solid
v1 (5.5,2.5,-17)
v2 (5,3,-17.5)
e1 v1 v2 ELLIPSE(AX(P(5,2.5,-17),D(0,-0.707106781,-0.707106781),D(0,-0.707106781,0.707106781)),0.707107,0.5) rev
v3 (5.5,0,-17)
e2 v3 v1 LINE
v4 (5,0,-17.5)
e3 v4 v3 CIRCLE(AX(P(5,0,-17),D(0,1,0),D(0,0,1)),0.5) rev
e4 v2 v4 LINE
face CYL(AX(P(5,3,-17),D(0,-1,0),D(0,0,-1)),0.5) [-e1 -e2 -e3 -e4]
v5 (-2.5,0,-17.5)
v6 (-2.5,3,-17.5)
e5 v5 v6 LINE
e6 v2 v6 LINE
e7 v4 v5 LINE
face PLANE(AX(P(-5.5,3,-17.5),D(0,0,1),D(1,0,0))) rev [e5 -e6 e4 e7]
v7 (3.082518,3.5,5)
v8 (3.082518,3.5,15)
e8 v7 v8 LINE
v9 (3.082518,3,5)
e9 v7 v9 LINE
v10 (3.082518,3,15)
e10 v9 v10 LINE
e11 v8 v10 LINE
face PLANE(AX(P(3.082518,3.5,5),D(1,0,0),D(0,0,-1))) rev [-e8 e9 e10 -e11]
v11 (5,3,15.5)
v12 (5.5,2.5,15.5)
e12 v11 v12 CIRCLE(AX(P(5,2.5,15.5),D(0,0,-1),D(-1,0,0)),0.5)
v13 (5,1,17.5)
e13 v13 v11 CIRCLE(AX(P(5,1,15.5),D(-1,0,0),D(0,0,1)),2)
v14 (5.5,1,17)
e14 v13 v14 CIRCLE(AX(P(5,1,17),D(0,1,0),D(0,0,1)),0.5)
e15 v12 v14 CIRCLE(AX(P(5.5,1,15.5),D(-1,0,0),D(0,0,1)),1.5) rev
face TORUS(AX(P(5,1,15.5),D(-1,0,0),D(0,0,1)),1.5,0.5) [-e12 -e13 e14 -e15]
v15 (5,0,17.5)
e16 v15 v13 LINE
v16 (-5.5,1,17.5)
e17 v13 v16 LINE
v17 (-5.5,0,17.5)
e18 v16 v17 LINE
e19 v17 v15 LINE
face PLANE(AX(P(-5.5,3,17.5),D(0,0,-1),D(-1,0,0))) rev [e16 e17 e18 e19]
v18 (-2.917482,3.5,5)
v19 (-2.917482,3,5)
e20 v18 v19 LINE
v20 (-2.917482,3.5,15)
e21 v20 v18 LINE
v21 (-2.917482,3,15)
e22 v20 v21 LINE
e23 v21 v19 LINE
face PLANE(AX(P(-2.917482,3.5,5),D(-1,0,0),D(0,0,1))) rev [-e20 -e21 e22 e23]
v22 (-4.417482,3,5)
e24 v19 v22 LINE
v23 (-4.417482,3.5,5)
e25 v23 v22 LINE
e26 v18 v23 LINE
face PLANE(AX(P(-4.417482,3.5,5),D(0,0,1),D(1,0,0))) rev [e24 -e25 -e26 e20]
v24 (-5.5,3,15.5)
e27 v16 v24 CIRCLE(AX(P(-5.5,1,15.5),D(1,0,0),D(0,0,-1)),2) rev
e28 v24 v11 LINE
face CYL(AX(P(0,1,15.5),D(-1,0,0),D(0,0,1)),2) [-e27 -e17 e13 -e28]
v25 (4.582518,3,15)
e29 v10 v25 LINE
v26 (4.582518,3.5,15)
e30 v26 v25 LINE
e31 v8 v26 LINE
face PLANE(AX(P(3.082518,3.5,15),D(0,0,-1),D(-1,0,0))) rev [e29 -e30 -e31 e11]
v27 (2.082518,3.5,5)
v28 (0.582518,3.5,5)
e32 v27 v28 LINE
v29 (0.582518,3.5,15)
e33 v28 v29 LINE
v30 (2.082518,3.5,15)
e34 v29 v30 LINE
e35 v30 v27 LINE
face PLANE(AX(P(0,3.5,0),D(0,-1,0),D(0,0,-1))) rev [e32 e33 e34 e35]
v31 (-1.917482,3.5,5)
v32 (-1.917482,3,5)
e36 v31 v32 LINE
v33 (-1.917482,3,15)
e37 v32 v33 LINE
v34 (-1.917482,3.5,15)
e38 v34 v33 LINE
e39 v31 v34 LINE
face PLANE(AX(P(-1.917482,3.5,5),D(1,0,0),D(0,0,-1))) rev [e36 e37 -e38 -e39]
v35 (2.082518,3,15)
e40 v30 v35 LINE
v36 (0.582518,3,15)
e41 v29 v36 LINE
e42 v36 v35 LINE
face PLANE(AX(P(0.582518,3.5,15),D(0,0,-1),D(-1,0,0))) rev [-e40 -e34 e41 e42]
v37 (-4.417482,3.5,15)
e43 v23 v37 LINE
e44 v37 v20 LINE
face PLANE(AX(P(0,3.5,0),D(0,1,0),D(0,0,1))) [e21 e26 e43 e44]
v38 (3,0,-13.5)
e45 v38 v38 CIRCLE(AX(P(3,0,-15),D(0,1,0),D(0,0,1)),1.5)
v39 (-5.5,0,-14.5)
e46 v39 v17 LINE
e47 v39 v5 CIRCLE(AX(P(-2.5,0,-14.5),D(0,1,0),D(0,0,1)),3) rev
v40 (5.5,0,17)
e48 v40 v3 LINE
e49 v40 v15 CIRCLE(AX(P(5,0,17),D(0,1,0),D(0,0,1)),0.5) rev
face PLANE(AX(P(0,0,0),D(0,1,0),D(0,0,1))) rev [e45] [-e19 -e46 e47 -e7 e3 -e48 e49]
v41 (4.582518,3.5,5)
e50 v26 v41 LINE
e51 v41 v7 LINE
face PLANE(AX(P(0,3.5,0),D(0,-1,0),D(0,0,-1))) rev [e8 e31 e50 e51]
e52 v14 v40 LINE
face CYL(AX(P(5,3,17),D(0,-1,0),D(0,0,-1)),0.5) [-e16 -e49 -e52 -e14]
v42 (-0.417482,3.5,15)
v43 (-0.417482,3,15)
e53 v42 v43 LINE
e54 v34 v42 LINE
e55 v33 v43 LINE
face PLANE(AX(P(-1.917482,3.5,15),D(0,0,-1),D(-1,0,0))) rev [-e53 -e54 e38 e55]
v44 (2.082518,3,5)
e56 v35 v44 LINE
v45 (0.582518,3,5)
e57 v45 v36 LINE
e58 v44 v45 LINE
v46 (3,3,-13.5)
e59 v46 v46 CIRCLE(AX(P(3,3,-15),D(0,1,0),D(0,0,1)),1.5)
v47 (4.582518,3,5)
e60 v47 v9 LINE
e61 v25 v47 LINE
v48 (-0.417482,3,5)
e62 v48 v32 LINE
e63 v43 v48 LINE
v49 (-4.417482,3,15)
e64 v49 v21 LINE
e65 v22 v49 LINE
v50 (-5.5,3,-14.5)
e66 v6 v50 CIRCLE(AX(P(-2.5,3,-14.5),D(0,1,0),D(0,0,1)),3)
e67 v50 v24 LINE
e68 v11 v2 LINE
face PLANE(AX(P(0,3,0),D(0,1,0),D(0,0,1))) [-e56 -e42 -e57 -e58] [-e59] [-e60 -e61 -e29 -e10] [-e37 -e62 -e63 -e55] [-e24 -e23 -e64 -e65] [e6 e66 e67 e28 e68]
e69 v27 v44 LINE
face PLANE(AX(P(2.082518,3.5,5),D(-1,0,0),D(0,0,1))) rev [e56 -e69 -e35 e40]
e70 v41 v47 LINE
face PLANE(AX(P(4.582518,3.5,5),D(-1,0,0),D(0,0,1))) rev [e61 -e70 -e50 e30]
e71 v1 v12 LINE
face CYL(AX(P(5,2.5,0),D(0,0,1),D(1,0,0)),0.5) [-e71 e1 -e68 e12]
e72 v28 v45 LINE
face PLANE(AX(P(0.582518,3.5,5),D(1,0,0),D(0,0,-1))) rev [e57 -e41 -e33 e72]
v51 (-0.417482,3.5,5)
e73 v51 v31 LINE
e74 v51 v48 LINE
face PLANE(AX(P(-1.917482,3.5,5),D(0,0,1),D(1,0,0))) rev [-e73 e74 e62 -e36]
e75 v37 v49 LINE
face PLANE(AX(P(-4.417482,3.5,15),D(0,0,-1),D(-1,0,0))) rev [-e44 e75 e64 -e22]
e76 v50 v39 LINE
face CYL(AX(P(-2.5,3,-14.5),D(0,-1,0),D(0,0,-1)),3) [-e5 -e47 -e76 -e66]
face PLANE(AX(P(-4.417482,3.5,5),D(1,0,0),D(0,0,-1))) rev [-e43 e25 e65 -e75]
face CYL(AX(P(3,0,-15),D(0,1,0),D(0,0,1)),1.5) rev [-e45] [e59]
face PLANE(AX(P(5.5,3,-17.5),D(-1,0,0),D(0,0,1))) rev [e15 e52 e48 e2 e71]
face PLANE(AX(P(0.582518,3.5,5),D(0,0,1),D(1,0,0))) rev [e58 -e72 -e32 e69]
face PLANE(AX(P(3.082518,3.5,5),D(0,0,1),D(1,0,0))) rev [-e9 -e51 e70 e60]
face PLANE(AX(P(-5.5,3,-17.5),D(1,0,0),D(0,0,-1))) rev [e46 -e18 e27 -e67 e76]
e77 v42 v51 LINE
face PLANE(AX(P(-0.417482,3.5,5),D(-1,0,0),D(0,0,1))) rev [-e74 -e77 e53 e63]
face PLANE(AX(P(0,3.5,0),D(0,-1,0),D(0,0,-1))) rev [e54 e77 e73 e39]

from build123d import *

# Parameters (mm, degrees)
SKETCH1_W           = 11
SKETCH1_H           = 35
BOSS_EXTRUDE1_DEPTH = 3
SKETCH2_R           = 1.5
CUT_EXTRUDE1_DEPTH  = 3
FILLET1_R           = 3
SKETCH3_W           = 1.5
SKETCH3_H           = 10
BOSS_EXTRUDE2_DEPTH = 0.5
FILLET4_R           = 2
FILLET5_R           = 0.5


with BuildPart() as part:
    # Sketch1 → Boss-Extrude1 (new body)
    with BuildSketch(Plane(origin=(0, 0, 0), x_dir=(1, 0, 0), z_dir=(0, 1, 0))):
        Rectangle(SKETCH1_W, SKETCH1_H)
    extrude(amount=BOSS_EXTRUDE1_DEPTH)

    # Sketch2 → Cut-Extrude1 (cut)
    with BuildSketch(Plane(origin=(0, 3, 0), x_dir=(1, 0, 0), z_dir=(0, 1, 0))):
        with Locations(Location((3, 15, 0), (0, 0, 270))):
            Circle(SKETCH2_R)
    extrude(amount=-CUT_EXTRUDE1_DEPTH, mode=Mode.SUBTRACT)

    # Fillet1
    fillet1_edges = [part.edges().sort_by_distance(p)[0] for p in [
        (-5.5, 1.5, -17.5),
    ]]
    fillet(fillet1_edges, radius=FILLET1_R)

    # Sketch3 → Boss-Extrude2 (add)
    with BuildSketch(Plane(origin=(0, 3, 0), x_dir=(1, 0, 0), z_dir=(0, 1, 0))):
        with Locations((-1.167481663, -10)):
            Rectangle(SKETCH3_W, SKETCH3_H)
        with Locations((-3.667481663, -10)):
            Rectangle(SKETCH3_W, SKETCH3_H)
        with Locations((1.332518337, -10)):
            Rectangle(SKETCH3_W, SKETCH3_H)
        with Locations((3.832518337, -10)):
            Rectangle(SKETCH3_W, SKETCH3_H)
    extrude(amount=BOSS_EXTRUDE2_DEPTH)

    # Fillet4
    fillet4_edges = [part.edges().sort_by_distance(p)[0] for p in [
        (0, 3, 17.5),
    ]]
    fillet(fillet4_edges, radius=FILLET4_R)

    # Fillet5
    fillet5_edges = [part.edges().sort_by_distance(p)[0] for p in [
        (5.5, 1.5, -17.5),
        (5.5, 3, -1),
        (5.5, 0.5, 17.5),
        (5.5, 2.414213562, 16.914213562),
    ]]
    fillet(fillet5_edges, radius=FILLET5_R)


solid = part.part
